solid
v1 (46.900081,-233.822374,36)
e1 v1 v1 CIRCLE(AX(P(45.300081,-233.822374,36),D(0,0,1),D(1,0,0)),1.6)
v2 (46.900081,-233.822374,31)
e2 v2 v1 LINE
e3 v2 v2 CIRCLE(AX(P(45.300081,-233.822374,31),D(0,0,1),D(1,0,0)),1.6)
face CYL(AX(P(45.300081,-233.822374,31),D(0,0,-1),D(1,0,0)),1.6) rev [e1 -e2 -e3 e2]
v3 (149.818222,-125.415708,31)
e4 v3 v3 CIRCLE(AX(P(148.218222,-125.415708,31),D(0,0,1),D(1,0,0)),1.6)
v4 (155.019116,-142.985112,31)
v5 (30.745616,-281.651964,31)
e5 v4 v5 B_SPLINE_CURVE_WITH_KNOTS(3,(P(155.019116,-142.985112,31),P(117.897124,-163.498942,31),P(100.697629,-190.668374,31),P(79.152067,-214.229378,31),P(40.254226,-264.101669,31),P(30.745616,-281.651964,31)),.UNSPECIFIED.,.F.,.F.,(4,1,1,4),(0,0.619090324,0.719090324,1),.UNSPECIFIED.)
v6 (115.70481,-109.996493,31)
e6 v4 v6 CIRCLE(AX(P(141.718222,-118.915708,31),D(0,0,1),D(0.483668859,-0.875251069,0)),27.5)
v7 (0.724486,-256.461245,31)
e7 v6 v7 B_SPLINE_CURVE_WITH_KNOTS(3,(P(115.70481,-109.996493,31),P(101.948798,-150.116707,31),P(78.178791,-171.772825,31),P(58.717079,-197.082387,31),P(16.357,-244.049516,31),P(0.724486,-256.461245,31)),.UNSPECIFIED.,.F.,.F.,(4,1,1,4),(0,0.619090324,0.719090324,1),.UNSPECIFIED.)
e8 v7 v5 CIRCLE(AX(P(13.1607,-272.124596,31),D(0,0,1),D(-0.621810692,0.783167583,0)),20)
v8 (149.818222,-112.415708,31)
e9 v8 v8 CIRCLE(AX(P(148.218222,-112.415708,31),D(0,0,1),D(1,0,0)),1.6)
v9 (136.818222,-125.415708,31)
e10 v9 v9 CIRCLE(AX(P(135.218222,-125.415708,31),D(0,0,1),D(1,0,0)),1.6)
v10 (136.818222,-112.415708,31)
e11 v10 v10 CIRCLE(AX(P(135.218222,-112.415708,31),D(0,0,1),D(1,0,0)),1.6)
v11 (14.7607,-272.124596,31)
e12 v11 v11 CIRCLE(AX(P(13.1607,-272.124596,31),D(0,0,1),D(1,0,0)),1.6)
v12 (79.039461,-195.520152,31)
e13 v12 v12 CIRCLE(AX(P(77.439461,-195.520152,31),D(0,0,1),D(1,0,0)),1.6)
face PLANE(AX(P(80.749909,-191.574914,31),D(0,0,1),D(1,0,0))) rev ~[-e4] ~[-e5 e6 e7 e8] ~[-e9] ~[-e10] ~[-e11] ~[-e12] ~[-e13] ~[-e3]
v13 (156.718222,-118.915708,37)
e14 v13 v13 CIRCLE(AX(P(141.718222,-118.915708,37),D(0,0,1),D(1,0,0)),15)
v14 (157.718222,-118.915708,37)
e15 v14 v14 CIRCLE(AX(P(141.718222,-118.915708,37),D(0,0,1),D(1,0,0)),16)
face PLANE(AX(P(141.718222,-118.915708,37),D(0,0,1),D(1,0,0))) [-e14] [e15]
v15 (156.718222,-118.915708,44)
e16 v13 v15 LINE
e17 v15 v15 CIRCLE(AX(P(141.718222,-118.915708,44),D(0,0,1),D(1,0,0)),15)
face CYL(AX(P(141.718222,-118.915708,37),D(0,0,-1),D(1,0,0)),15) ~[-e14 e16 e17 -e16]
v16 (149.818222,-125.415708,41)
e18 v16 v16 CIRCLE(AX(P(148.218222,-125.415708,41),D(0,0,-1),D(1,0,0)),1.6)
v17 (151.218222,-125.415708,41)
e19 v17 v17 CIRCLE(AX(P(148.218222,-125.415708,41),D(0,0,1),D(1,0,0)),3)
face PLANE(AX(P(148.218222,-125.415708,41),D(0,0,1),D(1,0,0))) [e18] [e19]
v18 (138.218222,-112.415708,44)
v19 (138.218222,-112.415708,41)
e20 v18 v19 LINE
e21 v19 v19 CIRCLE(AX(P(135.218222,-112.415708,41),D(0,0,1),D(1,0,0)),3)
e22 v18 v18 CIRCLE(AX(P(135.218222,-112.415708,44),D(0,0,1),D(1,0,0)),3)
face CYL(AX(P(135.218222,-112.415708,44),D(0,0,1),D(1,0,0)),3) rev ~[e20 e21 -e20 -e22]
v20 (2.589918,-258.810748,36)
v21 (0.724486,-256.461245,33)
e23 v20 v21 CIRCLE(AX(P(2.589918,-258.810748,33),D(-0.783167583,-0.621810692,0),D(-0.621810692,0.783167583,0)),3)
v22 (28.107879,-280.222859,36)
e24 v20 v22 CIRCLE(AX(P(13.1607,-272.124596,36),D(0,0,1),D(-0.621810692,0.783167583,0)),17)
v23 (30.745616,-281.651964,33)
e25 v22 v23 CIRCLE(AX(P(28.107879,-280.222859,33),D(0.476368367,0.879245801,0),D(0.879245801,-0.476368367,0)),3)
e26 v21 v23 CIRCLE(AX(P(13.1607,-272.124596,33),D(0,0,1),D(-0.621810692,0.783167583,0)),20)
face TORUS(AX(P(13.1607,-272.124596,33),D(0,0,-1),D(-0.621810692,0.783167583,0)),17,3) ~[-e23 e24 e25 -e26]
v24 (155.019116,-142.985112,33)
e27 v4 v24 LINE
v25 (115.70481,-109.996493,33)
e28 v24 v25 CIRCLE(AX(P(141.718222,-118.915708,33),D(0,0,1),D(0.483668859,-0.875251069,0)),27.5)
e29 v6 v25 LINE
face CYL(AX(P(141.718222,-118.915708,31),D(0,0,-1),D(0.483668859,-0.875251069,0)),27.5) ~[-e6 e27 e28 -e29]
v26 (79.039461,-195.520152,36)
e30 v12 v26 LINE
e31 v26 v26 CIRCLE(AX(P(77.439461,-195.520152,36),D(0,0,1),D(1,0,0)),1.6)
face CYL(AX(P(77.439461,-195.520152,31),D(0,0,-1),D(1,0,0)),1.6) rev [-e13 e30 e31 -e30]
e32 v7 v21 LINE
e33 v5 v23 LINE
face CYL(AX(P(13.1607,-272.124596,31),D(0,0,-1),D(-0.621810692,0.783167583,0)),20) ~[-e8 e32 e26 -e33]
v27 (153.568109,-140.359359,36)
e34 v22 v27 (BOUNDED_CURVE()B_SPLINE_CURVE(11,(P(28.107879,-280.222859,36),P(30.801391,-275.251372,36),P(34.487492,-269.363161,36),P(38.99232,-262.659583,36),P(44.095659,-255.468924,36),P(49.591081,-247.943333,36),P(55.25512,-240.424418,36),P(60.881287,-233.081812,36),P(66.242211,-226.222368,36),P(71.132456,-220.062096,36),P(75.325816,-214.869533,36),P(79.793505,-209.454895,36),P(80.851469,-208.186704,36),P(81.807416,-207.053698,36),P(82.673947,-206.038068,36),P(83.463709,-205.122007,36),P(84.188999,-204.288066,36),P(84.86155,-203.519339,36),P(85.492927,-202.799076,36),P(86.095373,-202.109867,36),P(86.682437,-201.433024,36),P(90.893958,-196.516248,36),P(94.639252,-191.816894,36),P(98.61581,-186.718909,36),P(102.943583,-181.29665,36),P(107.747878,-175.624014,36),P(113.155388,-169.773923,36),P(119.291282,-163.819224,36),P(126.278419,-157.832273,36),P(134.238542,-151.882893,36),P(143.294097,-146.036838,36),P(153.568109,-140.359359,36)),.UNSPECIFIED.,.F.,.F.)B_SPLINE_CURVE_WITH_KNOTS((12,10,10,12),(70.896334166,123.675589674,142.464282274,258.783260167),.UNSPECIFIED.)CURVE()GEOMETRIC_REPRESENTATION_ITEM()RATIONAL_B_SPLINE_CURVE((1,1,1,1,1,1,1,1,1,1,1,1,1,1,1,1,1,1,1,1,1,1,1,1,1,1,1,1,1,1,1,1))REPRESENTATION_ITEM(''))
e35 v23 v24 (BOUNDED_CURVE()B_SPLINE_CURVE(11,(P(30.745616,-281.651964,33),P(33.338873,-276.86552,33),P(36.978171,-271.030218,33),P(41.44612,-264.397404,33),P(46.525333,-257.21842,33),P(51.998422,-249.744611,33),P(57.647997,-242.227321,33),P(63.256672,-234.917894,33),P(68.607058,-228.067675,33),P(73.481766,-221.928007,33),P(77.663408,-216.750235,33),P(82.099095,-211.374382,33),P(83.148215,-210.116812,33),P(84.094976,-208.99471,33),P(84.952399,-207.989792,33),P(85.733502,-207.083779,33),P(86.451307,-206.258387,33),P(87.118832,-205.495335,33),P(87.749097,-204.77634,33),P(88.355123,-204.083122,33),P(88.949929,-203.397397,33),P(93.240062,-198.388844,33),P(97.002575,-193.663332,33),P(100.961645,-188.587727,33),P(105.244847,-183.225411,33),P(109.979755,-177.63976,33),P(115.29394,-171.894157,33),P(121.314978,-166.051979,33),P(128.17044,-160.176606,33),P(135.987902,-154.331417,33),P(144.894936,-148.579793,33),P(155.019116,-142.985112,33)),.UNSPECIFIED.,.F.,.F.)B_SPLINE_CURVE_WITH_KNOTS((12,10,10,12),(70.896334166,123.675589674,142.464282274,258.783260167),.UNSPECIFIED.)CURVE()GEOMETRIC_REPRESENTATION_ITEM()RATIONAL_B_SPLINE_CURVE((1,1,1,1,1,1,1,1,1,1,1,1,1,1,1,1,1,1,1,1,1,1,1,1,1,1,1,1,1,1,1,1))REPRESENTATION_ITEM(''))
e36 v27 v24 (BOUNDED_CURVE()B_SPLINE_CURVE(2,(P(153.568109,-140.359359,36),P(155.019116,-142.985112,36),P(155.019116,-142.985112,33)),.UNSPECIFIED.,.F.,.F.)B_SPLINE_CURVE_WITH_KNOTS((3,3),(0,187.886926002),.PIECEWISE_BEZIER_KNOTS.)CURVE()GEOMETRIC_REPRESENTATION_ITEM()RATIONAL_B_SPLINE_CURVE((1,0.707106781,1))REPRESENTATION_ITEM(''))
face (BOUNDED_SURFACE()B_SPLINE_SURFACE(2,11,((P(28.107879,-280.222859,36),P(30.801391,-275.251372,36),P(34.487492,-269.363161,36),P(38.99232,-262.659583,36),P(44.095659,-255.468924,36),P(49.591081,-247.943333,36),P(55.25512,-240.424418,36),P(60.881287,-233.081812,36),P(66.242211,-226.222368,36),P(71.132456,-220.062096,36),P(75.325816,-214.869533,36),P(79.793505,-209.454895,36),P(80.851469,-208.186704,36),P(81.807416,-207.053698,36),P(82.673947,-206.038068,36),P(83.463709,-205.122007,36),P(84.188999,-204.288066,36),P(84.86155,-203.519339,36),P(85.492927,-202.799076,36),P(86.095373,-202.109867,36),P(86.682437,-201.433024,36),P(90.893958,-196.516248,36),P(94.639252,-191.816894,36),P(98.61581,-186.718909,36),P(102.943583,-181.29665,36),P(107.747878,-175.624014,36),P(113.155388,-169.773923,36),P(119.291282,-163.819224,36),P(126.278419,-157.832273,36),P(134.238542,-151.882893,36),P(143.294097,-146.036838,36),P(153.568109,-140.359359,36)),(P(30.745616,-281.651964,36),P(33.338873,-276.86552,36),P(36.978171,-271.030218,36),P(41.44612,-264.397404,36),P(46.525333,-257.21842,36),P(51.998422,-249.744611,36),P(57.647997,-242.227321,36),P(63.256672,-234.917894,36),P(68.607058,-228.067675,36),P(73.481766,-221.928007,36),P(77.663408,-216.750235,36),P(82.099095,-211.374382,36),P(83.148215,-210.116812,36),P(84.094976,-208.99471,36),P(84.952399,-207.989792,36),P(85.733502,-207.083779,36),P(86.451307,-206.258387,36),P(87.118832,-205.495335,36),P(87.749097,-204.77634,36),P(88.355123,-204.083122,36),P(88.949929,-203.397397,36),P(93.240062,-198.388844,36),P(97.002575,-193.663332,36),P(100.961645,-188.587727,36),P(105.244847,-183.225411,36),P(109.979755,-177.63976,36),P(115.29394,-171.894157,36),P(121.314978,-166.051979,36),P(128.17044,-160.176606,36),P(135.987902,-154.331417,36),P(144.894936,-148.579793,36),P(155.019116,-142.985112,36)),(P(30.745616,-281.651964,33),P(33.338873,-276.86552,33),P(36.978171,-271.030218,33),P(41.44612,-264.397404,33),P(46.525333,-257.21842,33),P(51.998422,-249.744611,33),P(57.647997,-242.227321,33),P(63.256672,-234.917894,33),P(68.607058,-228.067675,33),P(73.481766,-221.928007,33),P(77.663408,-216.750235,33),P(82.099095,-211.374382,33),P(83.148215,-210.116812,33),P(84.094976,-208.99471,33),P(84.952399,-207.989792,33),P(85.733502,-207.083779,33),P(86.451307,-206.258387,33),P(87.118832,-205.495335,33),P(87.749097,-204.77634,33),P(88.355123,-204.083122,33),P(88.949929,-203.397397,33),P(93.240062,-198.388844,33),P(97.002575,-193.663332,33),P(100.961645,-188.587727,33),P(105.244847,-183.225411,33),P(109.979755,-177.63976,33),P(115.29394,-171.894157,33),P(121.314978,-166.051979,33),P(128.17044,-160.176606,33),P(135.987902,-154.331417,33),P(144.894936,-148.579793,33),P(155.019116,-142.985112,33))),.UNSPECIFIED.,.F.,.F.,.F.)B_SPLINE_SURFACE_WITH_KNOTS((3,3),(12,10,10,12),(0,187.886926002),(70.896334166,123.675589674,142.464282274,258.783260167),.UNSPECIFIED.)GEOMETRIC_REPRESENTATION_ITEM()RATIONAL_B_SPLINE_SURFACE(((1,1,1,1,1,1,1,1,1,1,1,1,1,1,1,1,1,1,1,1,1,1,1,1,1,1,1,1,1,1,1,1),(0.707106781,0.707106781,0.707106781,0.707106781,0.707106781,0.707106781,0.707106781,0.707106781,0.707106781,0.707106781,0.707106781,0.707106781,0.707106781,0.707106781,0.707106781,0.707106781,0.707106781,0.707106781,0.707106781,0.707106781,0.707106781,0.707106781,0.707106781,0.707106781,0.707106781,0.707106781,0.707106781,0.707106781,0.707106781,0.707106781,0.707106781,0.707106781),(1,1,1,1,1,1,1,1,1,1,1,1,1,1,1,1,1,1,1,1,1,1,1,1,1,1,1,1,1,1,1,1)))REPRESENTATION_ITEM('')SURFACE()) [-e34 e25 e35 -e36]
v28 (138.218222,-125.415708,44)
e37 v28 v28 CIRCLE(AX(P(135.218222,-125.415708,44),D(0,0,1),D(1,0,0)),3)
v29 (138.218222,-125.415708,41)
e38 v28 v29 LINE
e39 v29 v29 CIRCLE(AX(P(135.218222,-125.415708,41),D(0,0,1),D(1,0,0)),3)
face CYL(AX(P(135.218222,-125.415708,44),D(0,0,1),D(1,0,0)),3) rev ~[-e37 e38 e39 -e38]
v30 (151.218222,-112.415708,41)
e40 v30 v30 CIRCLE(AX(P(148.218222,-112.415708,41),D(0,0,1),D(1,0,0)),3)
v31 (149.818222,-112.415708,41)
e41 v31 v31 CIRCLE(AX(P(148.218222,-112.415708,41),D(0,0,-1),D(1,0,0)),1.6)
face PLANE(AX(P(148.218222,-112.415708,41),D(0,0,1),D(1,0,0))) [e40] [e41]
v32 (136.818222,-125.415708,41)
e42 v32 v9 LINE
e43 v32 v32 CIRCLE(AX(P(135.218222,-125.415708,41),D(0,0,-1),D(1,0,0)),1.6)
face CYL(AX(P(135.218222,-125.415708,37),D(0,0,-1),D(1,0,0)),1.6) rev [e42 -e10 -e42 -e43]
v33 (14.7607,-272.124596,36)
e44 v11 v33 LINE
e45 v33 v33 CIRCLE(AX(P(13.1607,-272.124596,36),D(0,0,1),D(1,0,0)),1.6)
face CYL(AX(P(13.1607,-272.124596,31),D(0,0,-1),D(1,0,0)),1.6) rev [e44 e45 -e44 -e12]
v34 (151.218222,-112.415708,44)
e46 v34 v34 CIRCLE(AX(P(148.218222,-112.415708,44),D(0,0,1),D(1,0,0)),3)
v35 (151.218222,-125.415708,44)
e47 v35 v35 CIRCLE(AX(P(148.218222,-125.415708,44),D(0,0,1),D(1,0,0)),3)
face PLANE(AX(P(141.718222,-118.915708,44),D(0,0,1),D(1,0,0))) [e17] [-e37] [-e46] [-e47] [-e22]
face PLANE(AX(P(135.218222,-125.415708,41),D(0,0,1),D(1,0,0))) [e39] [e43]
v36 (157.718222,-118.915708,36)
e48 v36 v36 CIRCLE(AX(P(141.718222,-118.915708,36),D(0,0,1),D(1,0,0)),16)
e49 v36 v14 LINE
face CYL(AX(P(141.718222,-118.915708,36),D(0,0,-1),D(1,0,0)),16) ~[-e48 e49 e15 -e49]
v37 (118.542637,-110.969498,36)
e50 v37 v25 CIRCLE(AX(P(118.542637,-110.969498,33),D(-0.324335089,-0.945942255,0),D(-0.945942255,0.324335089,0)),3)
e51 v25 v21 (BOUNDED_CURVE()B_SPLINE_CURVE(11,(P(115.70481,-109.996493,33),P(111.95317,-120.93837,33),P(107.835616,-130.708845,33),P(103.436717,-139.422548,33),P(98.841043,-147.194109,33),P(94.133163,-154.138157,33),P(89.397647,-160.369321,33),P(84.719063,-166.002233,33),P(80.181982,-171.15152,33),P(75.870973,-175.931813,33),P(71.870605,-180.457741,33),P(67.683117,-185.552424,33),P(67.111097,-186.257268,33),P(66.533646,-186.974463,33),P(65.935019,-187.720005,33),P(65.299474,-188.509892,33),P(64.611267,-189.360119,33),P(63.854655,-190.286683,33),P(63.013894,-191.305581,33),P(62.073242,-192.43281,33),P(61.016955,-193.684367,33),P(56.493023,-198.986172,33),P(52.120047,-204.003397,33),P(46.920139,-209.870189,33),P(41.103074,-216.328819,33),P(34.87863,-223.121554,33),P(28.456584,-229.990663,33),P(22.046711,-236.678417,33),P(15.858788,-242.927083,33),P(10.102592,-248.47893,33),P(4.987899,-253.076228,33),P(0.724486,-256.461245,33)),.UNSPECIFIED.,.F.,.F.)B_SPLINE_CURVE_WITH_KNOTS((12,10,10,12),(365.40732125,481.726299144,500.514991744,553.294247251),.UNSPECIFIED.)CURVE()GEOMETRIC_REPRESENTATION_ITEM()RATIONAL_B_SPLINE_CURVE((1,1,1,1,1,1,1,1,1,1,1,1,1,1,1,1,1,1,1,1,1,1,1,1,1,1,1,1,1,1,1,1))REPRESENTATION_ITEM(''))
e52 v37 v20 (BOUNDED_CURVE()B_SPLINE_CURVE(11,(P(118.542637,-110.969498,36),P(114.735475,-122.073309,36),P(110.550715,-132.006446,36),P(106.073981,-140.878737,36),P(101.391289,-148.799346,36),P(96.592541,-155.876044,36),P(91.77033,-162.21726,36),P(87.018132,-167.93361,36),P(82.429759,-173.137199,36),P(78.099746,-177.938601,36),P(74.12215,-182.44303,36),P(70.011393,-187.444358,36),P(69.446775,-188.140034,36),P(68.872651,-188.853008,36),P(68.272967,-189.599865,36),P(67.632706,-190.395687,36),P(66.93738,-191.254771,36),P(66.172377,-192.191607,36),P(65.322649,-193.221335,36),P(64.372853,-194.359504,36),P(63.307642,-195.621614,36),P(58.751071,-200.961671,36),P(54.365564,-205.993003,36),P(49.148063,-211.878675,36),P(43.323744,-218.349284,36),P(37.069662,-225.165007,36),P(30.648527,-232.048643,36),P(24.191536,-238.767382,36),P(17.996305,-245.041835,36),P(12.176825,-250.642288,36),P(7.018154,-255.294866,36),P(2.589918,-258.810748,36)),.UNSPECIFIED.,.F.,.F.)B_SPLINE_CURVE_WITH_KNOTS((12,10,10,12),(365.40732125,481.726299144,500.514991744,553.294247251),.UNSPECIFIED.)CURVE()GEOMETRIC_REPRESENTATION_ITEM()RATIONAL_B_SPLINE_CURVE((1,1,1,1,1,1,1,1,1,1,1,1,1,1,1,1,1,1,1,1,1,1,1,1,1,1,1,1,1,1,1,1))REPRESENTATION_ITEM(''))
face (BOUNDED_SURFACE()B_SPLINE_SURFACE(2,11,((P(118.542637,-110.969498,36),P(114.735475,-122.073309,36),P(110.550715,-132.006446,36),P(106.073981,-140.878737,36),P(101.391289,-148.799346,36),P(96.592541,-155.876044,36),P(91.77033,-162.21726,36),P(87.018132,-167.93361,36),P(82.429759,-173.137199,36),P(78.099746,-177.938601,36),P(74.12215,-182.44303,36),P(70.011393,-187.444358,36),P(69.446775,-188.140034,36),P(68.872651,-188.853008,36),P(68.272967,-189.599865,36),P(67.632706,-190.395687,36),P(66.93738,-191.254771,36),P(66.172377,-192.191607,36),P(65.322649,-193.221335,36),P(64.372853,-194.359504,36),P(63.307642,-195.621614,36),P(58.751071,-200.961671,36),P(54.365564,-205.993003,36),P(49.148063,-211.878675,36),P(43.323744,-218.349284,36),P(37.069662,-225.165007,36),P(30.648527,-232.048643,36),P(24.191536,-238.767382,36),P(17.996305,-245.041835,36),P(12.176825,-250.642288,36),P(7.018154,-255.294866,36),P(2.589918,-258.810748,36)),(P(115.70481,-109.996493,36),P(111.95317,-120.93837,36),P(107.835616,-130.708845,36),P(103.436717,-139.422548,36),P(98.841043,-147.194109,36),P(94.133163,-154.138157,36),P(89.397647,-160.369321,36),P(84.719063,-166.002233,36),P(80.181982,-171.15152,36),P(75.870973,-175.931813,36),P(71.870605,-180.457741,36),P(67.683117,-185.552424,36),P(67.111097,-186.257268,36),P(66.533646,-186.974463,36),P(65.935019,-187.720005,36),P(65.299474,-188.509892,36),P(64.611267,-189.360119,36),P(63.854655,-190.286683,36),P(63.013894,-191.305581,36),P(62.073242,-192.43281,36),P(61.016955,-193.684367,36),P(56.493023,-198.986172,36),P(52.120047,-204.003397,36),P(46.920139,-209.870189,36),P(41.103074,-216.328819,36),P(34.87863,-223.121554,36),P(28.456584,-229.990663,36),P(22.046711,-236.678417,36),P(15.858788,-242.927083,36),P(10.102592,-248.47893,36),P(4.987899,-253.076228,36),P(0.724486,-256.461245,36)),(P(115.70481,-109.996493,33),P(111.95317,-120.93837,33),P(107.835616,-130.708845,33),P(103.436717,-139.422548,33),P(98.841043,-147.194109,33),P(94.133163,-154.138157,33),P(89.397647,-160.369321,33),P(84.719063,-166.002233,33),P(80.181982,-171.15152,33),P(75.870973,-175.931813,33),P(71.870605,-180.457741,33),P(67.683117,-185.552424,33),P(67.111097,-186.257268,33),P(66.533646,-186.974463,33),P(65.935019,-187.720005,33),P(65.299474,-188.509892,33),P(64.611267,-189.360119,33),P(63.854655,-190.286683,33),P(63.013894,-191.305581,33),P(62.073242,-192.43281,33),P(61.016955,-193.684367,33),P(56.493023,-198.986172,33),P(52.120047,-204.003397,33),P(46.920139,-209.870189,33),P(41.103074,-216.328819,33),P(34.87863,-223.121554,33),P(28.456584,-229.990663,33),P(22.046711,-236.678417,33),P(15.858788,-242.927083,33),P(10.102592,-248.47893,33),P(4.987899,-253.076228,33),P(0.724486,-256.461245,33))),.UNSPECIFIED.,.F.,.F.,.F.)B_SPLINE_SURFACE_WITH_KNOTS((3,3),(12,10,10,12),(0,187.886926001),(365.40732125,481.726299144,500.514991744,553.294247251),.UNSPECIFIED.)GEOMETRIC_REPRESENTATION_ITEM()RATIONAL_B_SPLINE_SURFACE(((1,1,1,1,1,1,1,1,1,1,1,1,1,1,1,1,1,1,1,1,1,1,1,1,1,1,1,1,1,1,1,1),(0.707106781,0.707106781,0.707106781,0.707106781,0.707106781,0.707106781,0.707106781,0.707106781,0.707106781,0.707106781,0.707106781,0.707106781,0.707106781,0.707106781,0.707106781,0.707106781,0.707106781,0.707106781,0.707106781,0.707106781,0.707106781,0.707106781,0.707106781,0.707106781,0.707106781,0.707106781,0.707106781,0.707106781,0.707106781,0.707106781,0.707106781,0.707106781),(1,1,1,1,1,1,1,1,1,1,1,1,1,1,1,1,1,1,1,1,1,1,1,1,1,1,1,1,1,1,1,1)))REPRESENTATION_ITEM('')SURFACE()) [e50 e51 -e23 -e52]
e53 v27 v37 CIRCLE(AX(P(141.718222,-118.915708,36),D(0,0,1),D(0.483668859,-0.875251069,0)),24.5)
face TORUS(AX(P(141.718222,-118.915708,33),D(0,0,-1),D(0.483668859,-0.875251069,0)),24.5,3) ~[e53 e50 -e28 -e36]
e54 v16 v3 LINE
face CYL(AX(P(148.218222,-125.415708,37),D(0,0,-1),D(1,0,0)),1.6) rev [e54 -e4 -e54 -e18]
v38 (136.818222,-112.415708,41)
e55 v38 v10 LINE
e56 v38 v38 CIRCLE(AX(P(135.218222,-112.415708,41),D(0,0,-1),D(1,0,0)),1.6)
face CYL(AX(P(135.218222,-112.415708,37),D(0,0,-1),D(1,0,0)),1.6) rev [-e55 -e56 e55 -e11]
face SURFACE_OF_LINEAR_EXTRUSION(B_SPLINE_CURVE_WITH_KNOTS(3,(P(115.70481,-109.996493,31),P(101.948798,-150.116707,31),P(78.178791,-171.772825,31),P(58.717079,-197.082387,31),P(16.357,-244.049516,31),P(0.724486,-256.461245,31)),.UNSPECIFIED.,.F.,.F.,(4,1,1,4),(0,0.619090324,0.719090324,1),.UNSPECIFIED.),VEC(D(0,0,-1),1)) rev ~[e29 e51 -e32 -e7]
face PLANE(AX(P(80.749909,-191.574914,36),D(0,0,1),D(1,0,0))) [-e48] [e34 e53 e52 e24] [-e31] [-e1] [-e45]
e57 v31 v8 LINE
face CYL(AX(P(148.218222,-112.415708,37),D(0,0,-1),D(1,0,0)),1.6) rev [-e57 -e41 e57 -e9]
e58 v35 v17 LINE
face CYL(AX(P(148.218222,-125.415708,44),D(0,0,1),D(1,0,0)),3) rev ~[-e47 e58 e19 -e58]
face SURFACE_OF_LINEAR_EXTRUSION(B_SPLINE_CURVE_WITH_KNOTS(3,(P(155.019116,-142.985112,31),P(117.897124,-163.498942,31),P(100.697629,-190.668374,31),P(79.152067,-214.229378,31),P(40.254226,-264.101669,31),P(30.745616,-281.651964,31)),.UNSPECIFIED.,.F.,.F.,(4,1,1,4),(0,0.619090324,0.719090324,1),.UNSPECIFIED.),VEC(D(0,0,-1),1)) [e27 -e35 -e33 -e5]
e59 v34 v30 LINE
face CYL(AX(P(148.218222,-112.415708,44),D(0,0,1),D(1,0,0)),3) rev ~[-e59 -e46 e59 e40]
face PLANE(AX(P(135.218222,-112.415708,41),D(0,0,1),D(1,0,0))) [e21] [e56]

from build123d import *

# Parameters (mm, degrees)
SKETCH1_R           = 1.6
BOSS_EXTRUDE1_DEPTH = 5
SKETCH2_R           = 16
SKETCH2_R_2         = 1.6
BOSS_EXTRUDE2_DEPTH = 1
SKETCH3_R           = 15
SKETCH3_R_2         = 1.6
BOSS_EXTRUDE3_DEPTH = 7
SKETCH4_R           = 3
CUT_EXTRUDE1_DEPTH  = 3
VARFILLET1_R        = 3


with BuildPart() as part:
    # Sketch1 → Boss-Extrude1 (new body)
    with BuildSketch(Plane.XY.offset(31)):
        with BuildLine():
            ThreePointArc((155.019115612, -142.985112199), (159.394881243, -97.849485606), (115.704809966, -109.996492831))
            add(Edge.make_bspline(
                [(115.704809966, -109.996492831), (101.94879758, -150.116707379), (78.178790791, -171.772825461), (58.717079478, -197.082387325), (16.356999542, -244.049515564), (0.72448619, -256.46124476)],
                knots=[0, 0, 0, 0, 0.619090324, 0.719090324, 1, 1, 1, 1], degree=3))
            ThreePointArc((0.72448619, -256.46124476), (0.304947846, -287.445485278), (30.74561606, -281.651963762))
            add(Edge.make_bspline(
                [(155.019115612, -142.985112199), (117.897123756, -163.498941991), (100.69762913, -190.668374405), (79.152067085, -214.229377889), (40.254225745, -264.101669257), (30.74561606, -281.651963762)],
                knots=[0, 0, 0, 0, 0.619090324, 0.719090324, 1, 1, 1, 1], degree=3))
        make_face()
        with Locations((135.218221977, -112.415707792)):
            Circle(SKETCH1_R, mode=Mode.SUBTRACT)
        with Locations((148.218221977, -112.415707792)):
            Circle(SKETCH1_R, mode=Mode.SUBTRACT)
        with Locations((148.218221977, -125.415707792)):
            Circle(SKETCH1_R, mode=Mode.SUBTRACT)
        with Locations((135.218221977, -125.415707792)):
            Circle(SKETCH1_R, mode=Mode.SUBTRACT)
        with Locations((77.439461008, -195.520152104)):
            Circle(SKETCH1_R, mode=Mode.SUBTRACT)
        with Locations((45.300080524, -233.82237426)):
            Circle(SKETCH1_R, mode=Mode.SUBTRACT)
        with Locations((13.16070004, -272.124596416)):
            Circle(SKETCH1_R, mode=Mode.SUBTRACT)
    extrude(amount=BOSS_EXTRUDE1_DEPTH)

    # Sketch2 → Boss-Extrude2 (add)
    with BuildSketch(Plane.XY.offset(36)):
        with Locations((141.718221977, -118.915707792)):
            Circle(SKETCH2_R)
        with Locations((148.218221977, -125.415707792)):
            Circle(SKETCH2_R_2, mode=Mode.SUBTRACT)
        with Locations((135.218221977, -125.415707792)):
            Circle(SKETCH2_R_2, mode=Mode.SUBTRACT)
        with Locations((135.218221977, -112.415707792)):
            Circle(SKETCH2_R_2, mode=Mode.SUBTRACT)
        with Locations((148.218221977, -112.415707792)):
            Circle(SKETCH2_R_2, mode=Mode.SUBTRACT)
    extrude(amount=BOSS_EXTRUDE2_DEPTH)

    # Sketch3 → Boss-Extrude3 (add)
    with BuildSketch(Plane.XY.offset(37)):
        with Locations((141.718221977, -118.915707792)):
            Circle(SKETCH3_R)
        with Locations((148.218221977, -125.415707792)):
            Circle(SKETCH3_R_2, mode=Mode.SUBTRACT)
        with Locations((135.218221977, -112.415707792)):
            Circle(SKETCH3_R_2, mode=Mode.SUBTRACT)
        with Locations((148.218221977, -112.415707792)):
            Circle(SKETCH3_R_2, mode=Mode.SUBTRACT)
        with Locations((135.218221977, -125.415707792)):
            Circle(SKETCH3_R_2, mode=Mode.SUBTRACT)
    extrude(amount=BOSS_EXTRUDE3_DEPTH)

    # Sketch4 → Cut-Extrude1 (cut)
    with BuildSketch(Plane.XY.offset(44)):
        with Locations((135.218221977, -112.415707792)):
            Circle(SKETCH4_R)
        with Locations((148.218221977, -112.415707792)):
            Circle(SKETCH4_R)
        with Locations((148.218221977, -125.415707792)):
            Circle(SKETCH4_R)
        with Locations((135.218221977, -125.415707792)):
            Circle(SKETCH4_R)
    extrude(amount=-CUT_EXTRUDE1_DEPTH, mode=Mode.SUBTRACT)

    # VarFillet1
    varfillet1_edges = [part.edges().sort_by_distance(p)[0] for p in [
        (0.304947846, -287.445485278, 36),
        (65.360846316, -188.427744165, 36),
        (86.521548764, -206.183681785, 36),
    ]]
    fillet(varfillet1_edges, radius=VARFILLET1_R)


solid = part.part
